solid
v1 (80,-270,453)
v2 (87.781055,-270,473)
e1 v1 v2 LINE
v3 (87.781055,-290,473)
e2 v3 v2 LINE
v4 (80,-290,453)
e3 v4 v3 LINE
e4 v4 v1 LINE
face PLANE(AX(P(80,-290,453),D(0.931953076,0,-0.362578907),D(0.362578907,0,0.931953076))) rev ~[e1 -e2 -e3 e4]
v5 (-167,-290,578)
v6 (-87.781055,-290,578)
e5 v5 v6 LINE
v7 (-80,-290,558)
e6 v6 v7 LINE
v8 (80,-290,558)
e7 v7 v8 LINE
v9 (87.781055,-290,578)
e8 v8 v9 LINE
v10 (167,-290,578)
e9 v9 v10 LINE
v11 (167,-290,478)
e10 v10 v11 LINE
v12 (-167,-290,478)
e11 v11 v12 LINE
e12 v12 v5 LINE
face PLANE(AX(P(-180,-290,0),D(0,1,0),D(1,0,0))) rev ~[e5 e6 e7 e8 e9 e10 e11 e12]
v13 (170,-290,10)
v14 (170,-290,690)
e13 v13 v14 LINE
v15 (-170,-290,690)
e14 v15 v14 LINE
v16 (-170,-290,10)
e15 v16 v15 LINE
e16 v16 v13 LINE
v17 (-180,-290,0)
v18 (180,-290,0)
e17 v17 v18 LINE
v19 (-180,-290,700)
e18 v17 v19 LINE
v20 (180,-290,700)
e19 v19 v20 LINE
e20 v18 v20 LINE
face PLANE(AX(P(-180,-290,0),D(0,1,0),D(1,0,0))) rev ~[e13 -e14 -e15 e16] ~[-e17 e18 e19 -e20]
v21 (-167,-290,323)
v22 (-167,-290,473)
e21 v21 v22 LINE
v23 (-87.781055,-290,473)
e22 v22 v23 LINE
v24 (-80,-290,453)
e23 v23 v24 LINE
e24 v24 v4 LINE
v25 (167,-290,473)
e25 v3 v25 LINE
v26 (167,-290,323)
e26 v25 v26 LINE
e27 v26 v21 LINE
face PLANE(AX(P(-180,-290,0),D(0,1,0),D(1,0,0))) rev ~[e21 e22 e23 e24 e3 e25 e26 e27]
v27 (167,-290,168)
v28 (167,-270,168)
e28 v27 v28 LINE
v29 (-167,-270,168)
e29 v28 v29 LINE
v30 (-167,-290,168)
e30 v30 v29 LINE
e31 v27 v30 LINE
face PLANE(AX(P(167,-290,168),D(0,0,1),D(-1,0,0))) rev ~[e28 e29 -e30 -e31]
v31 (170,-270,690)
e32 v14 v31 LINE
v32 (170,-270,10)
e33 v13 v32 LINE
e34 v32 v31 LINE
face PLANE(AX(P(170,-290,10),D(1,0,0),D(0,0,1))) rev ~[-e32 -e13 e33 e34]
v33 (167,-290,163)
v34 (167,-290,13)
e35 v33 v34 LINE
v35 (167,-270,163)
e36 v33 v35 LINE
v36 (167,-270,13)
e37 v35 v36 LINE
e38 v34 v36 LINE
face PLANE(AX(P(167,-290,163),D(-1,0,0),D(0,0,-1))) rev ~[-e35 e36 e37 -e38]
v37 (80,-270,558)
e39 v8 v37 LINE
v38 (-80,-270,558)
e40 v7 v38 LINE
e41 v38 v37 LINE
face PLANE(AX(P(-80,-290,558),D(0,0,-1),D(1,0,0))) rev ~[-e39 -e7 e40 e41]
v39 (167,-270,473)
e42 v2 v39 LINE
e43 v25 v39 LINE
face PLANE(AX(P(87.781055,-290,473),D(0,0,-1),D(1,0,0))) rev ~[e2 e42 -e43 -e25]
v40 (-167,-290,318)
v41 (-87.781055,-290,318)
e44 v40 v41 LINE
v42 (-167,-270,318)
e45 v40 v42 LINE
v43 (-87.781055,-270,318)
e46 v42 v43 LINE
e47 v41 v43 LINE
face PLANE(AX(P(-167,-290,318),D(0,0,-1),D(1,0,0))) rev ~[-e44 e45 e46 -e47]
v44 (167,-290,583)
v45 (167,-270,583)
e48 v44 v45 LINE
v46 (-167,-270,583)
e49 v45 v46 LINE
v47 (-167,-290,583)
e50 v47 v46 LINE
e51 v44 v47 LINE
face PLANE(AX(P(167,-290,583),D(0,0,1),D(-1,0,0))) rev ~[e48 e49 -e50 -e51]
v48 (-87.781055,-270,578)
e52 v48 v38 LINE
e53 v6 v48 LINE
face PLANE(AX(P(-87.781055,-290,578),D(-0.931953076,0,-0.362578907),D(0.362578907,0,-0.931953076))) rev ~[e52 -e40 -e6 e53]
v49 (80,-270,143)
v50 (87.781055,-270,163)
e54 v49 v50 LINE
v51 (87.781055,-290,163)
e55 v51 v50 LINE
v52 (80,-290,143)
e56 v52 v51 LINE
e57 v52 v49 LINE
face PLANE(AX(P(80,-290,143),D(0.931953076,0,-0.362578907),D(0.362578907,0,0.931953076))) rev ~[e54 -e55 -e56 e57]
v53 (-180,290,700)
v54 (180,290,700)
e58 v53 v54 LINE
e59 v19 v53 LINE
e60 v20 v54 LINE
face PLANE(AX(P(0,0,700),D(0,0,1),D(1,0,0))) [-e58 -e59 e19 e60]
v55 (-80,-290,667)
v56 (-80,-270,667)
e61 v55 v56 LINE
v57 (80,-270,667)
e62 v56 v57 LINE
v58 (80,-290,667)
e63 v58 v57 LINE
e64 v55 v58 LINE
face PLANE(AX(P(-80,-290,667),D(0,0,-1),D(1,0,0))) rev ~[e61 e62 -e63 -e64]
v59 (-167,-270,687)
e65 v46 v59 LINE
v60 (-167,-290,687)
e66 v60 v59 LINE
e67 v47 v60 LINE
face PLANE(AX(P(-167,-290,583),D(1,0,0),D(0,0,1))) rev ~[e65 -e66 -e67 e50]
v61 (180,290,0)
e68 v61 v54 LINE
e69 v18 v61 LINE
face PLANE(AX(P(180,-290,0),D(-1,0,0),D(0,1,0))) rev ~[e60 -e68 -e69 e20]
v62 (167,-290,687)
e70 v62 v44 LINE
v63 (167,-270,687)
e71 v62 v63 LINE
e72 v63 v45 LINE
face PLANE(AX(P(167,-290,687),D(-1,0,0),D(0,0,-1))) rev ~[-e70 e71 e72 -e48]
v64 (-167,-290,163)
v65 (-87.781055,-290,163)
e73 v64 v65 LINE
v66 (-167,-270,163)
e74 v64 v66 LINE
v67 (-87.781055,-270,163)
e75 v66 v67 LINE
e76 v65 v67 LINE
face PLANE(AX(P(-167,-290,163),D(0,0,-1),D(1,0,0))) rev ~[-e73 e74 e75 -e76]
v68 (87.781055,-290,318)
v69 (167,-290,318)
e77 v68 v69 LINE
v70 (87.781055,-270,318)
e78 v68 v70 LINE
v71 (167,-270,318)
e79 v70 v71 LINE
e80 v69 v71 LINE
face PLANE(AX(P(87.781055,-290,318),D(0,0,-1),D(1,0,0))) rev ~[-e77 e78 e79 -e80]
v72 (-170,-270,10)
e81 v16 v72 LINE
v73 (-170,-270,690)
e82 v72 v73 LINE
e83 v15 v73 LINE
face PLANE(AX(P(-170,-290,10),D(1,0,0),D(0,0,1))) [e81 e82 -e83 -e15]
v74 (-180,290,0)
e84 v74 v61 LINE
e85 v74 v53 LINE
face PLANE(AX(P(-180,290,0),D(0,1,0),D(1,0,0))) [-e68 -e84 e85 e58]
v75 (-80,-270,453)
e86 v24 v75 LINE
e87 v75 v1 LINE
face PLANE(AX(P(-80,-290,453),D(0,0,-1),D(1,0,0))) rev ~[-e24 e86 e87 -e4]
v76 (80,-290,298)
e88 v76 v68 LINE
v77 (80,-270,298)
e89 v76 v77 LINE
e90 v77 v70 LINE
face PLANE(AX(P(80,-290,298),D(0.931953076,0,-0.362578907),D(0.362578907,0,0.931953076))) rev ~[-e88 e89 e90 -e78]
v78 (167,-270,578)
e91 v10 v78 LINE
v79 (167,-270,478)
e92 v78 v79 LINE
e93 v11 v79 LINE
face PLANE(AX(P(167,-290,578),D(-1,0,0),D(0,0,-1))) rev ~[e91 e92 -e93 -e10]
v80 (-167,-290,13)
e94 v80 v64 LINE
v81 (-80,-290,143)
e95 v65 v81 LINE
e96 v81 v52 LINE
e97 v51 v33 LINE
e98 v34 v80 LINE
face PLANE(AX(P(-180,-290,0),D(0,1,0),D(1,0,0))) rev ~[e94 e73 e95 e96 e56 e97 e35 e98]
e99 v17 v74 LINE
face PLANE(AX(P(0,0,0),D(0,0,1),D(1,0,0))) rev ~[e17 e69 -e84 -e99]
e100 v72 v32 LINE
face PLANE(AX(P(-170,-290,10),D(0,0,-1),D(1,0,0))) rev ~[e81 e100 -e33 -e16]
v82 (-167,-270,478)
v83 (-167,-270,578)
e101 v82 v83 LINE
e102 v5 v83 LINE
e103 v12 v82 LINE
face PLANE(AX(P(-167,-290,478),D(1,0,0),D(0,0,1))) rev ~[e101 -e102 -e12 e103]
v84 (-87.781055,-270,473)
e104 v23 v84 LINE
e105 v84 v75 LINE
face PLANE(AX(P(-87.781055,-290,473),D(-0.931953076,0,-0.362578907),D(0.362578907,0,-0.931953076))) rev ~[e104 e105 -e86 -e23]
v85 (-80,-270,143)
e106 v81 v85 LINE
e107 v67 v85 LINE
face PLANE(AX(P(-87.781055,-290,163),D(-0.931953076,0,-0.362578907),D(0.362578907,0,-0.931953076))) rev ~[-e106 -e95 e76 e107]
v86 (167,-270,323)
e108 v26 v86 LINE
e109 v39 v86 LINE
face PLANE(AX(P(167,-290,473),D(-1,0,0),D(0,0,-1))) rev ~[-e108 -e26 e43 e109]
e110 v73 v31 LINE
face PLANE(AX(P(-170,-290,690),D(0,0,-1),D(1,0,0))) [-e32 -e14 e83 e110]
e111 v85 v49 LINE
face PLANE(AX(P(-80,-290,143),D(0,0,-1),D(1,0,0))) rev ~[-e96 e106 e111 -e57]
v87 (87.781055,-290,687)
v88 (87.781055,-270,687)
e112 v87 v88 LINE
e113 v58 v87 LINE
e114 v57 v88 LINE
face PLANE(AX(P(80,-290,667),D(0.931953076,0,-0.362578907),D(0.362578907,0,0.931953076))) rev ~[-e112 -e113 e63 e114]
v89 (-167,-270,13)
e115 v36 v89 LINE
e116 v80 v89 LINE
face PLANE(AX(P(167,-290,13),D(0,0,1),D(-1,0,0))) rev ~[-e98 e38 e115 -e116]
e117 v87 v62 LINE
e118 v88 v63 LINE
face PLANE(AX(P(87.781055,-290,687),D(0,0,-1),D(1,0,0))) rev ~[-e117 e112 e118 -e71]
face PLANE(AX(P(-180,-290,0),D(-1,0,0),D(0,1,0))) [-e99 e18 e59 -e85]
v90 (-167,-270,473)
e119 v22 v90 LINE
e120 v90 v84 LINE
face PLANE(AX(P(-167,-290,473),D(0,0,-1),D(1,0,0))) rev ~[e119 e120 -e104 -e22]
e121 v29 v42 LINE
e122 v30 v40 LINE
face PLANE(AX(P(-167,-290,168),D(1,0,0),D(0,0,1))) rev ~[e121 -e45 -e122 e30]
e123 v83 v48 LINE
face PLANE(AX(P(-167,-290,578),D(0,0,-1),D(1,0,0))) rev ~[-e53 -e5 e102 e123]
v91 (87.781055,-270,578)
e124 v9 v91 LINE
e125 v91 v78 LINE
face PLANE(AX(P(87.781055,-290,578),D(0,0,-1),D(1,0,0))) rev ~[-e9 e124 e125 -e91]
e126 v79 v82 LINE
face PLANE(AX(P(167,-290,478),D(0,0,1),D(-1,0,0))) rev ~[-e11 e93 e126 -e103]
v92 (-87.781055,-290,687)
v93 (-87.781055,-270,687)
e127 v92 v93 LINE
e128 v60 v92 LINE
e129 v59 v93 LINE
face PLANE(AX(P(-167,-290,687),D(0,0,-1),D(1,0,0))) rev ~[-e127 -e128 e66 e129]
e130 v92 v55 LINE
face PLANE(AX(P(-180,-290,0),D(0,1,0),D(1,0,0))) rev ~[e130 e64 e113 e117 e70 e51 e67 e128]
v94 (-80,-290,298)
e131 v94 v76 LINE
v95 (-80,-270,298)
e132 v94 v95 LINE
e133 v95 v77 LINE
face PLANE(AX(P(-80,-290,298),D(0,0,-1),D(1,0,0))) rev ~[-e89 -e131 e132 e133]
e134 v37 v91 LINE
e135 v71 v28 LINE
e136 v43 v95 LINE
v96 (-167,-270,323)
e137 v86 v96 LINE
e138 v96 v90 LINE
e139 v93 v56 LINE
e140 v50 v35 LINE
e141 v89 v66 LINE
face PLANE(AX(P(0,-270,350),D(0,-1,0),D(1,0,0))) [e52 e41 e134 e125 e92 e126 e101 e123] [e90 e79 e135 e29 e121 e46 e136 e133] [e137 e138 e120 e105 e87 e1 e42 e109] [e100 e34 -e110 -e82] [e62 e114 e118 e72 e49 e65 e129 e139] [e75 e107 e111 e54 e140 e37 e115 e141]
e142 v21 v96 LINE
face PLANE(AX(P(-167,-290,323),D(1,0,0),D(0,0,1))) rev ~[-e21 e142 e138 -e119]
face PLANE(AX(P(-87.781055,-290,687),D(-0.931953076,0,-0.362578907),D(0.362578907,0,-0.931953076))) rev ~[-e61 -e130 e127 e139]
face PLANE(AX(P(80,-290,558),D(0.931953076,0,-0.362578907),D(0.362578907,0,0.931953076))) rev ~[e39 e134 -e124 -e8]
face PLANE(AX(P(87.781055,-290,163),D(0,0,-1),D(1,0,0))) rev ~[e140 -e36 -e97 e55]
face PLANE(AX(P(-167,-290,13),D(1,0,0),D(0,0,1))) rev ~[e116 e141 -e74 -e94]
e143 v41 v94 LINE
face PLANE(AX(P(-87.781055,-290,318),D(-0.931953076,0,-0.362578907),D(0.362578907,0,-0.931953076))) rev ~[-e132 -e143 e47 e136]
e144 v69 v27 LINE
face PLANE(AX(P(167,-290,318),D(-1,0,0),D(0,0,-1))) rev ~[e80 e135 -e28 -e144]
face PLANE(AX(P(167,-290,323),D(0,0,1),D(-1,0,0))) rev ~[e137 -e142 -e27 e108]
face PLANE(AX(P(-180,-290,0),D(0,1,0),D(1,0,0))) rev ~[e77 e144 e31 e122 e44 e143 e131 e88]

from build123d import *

# Parameters (mm, degrees)
F0_W     = 360
F0_H     = 580
F1_DEPTH = 700
F2_W     = 340
F2_H     = 680
F3_DEPTH = 20


with BuildPart() as f1:
    # F0 (on Top) → F1 (new body)
    with BuildSketch(Plane.XY):
        Rectangle(F0_W, F0_H)
    extrude(amount=F1_DEPTH)

    # F2 (on face) → F3 (cut)
    with BuildSketch(Plane.XZ.offset(290)):
        with Locations((0, 350)):
            Rectangle(F2_W, F2_H)
        Polygon((167, 13), (-167, 13), (-167, 163), (-87.781055, 163), (-80, 143), (80, 143), (87.781055, 163), (167, 163), align=None, mode=Mode.SUBTRACT)
        Polygon((167, 168), (-167, 168), (-167, 318), (-87.781055, 318), (-80, 298), (80, 298), (87.781055, 318), (167, 318), align=None, mode=Mode.SUBTRACT)
        Polygon((167, 323), (-167, 323), (-167, 473), (-87.781055, 473), (-80, 453), (80, 453), (87.781055, 473), (167, 473), align=None, mode=Mode.SUBTRACT)
        Polygon((167, 478), (-167, 478), (-167, 578), (-87.781055, 578), (-80, 558), (80, 558), (87.781055, 578), (167, 578), align=None, mode=Mode.SUBTRACT)
        Polygon((-167, 583), (-167, 687), (-87.781055, 687), (-80, 667), (80, 667), (87.781055, 687), (167, 687), (167, 583), align=None, mode=Mode.SUBTRACT)
    extrude(amount=-F3_DEPTH, mode=Mode.SUBTRACT)


solid = f1.part
